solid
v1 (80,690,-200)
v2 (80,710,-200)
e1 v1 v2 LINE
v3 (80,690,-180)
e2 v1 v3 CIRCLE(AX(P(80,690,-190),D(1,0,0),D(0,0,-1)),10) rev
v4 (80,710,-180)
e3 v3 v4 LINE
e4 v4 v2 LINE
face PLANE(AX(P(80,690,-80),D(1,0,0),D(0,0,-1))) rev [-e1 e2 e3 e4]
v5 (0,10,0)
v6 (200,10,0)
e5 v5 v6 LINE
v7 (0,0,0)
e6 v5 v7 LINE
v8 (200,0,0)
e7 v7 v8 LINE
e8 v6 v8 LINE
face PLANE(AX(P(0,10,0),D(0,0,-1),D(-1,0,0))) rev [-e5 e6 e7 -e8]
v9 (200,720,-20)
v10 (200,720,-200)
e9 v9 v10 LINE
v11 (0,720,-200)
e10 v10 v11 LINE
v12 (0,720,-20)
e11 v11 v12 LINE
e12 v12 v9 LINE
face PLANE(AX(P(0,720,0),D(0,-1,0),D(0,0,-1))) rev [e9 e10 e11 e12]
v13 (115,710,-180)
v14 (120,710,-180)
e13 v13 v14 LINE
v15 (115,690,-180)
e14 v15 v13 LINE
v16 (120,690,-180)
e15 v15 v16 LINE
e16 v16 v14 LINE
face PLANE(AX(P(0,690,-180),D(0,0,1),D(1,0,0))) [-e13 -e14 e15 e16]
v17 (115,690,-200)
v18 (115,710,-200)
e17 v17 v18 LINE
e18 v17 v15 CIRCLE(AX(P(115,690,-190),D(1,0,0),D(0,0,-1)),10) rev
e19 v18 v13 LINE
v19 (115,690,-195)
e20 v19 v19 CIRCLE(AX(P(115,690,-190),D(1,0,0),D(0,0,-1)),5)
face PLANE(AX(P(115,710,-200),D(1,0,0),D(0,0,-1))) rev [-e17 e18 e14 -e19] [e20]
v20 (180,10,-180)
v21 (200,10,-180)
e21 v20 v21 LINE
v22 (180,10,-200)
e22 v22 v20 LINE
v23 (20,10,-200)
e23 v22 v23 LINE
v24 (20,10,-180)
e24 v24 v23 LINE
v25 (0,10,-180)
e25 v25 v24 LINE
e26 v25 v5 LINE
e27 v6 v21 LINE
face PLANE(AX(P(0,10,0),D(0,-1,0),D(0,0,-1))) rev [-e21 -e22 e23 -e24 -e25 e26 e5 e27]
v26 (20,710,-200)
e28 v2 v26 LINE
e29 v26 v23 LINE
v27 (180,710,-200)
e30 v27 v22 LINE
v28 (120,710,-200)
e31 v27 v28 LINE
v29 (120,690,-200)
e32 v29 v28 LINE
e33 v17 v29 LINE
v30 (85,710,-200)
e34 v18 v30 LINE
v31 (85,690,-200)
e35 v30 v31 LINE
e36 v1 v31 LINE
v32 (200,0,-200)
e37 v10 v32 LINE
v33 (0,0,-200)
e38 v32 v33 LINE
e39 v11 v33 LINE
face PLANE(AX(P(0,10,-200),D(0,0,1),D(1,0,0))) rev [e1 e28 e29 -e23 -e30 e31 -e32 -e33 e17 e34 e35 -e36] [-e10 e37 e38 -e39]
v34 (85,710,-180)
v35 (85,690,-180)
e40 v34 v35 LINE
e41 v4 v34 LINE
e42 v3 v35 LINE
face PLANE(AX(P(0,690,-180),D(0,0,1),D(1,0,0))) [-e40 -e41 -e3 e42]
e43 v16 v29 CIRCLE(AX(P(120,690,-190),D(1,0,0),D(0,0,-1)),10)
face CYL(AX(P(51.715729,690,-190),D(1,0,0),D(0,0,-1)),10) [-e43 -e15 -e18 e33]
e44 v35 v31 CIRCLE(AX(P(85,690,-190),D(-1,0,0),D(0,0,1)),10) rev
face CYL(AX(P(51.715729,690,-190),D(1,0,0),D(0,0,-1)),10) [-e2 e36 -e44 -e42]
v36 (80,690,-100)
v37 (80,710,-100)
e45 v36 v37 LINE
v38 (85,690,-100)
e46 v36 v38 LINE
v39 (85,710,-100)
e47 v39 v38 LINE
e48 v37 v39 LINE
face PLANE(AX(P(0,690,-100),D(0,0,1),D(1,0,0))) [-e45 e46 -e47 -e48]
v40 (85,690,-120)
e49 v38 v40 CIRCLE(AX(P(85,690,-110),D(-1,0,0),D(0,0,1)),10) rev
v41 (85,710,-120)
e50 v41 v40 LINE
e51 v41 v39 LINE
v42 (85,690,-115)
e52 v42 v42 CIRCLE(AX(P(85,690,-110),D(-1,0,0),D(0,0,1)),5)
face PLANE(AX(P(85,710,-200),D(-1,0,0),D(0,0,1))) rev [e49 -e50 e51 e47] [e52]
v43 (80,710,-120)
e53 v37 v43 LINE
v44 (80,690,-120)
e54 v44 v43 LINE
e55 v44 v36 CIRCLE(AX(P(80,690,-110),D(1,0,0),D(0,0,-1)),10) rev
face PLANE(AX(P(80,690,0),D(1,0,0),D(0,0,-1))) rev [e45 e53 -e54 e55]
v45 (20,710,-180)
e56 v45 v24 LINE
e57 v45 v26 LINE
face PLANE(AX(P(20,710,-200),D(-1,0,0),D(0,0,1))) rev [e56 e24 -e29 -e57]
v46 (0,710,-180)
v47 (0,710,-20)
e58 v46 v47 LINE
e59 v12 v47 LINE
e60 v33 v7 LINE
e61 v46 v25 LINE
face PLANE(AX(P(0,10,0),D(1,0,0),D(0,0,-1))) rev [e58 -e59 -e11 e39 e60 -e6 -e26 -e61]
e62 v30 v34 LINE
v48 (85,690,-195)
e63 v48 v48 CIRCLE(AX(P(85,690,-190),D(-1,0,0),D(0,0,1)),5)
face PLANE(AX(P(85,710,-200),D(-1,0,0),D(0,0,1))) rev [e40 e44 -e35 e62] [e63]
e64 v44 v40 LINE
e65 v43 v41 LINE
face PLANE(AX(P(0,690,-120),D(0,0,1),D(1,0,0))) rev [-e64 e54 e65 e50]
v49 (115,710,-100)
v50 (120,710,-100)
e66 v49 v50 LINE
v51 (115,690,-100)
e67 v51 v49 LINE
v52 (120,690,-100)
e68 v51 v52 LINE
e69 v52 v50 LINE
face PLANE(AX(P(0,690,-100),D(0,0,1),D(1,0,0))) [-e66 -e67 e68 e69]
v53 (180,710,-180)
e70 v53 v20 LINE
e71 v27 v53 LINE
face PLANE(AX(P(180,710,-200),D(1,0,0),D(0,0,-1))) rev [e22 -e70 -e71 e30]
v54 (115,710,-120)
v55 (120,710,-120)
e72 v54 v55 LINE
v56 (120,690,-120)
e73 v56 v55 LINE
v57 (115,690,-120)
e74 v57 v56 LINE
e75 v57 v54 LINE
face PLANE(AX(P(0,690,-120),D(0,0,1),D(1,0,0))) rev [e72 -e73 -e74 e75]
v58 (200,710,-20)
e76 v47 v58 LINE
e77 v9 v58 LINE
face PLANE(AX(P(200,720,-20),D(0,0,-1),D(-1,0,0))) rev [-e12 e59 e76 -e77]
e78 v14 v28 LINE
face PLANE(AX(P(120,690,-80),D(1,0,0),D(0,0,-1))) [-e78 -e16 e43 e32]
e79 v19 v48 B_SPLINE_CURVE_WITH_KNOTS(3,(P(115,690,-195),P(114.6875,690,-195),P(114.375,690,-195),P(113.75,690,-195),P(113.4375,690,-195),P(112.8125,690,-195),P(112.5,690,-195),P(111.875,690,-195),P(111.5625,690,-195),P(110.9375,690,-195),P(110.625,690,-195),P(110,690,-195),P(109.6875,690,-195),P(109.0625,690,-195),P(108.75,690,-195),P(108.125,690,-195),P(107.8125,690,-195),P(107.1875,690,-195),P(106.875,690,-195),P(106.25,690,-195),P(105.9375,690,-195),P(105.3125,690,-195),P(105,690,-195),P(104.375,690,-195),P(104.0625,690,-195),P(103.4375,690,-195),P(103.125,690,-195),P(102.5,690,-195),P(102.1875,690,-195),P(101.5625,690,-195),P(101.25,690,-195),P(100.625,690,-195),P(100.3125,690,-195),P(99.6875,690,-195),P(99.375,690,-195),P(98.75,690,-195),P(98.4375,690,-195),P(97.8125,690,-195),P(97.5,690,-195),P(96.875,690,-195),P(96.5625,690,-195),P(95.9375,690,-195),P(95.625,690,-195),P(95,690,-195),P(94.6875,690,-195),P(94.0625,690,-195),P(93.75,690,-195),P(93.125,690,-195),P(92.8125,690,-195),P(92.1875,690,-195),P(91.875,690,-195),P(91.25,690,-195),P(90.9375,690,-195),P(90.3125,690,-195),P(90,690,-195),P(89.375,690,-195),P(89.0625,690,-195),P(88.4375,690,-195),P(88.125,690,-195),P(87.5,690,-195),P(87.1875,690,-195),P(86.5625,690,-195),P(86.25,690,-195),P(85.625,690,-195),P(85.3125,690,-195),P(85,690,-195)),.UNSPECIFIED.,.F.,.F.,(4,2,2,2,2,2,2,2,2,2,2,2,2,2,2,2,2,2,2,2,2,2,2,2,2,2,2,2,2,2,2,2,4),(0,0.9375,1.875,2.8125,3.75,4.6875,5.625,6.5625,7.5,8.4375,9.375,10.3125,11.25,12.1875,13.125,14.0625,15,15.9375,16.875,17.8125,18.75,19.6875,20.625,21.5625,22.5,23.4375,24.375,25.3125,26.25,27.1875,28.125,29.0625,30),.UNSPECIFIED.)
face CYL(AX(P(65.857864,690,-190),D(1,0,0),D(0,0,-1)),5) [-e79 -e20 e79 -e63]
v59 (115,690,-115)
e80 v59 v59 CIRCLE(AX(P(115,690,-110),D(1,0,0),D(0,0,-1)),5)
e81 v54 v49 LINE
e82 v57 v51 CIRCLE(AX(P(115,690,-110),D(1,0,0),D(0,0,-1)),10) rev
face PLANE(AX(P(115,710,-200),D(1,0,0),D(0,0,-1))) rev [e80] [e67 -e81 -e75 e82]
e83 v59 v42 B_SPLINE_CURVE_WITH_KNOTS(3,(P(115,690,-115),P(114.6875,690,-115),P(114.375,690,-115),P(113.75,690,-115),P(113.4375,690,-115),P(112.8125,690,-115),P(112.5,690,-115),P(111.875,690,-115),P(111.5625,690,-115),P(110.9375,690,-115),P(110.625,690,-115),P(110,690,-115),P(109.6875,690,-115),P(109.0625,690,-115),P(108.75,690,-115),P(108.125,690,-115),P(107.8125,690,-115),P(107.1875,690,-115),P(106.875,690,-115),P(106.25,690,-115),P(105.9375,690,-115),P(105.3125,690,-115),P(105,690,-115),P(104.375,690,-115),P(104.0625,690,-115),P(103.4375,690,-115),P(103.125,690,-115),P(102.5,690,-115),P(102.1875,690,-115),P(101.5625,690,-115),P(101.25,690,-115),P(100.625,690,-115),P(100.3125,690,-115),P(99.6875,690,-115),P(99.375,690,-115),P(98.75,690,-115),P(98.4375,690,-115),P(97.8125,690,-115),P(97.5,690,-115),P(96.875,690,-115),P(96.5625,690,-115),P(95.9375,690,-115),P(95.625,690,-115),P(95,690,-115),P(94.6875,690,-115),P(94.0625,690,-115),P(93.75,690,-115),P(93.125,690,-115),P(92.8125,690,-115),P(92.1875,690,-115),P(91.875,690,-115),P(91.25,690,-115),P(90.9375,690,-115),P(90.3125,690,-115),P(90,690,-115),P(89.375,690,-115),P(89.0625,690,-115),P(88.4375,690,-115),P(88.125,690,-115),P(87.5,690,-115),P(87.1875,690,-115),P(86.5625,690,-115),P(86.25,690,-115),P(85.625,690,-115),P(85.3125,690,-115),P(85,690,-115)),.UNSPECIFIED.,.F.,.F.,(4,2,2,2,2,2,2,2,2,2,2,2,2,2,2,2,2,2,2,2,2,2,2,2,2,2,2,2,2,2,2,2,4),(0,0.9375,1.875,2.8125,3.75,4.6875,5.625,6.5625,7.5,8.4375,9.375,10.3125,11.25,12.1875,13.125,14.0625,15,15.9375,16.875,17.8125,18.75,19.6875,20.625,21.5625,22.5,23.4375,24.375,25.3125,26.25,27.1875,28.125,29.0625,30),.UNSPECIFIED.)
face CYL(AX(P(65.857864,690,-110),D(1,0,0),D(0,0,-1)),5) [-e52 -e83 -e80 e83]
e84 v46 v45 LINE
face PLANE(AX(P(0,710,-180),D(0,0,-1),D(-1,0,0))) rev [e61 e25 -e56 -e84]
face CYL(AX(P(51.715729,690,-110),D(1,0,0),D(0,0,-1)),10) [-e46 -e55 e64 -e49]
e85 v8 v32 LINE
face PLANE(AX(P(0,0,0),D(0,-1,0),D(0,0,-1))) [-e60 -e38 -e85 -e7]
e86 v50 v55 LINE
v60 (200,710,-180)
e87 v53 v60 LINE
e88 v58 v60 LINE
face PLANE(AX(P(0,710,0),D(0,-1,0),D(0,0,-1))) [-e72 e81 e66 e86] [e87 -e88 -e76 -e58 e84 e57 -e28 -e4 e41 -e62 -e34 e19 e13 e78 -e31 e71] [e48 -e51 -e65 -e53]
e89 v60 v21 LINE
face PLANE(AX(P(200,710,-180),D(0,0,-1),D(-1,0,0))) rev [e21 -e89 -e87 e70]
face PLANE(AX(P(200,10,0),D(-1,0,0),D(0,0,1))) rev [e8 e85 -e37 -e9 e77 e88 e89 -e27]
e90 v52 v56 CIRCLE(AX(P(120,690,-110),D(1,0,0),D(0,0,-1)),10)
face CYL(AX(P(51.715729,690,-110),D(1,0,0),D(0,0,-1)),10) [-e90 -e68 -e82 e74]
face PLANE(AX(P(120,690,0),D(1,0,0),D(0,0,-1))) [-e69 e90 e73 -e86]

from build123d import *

# Parameters (mm, degrees)
SKETCH2_W           = 200
SKETCH2_H           = 200
BOSS_EXTRUDE1_DEPTH = 10
SKETCH3_W           = 20
SKETCH3_H           = 20
BOSS_EXTRUDE2_DEPTH = 700
SKETCH4_W           = 200
SKETCH4_H           = 180
BOSS_EXTRUDE3_DEPTH = 10
SKETCH5_W           = 40
SKETCH5_H           = 10
BOSS_EXTRUDE4_DEPTH = 20
SKETCH7_R           = 10
BOSS_EXTRUDE7_DEPTH = 40
SKETCH10_W          = 30
SKETCH10_H          = 40.281697436
CUT_EXTRUDE2_DEPTH  = 754.923072999
SKETCH11_R          = 5
BOSS_EXTRUDE9_DEPTH = 40
LPATTERN1_COUNT     = 2
LPATTERN1_PITCH     = 80


with BuildPart() as part:
    # Sketch2 → Boss-Extrude1 (new body)
    with BuildSketch(Plane(origin=(0, 0, 0), x_dir=(1, 0, 0), z_dir=(0, 1, 0))):
        with Locations((100, 100)):
            Rectangle(SKETCH2_W, SKETCH2_H)
    extrude(amount=BOSS_EXTRUDE1_DEPTH)

    # Sketch3 → Boss-Extrude2 (add)
    with BuildSketch(Plane(origin=(0, 10, 0), x_dir=(1, 0, 0), z_dir=(0, 1, 0))):
        with Locations((190, 190)):
            Rectangle(SKETCH3_W, SKETCH3_H)
        with Locations((10, 190)):
            Rectangle(SKETCH3_W, SKETCH3_H)
    extrude(amount=BOSS_EXTRUDE2_DEPTH)

    # Sketch4 → Boss-Extrude3 (add)
    with BuildSketch(Plane(origin=(0, 710, 0), x_dir=(1, 0, 0), z_dir=(0, 1, 0))):
        with Locations((100, 110)):
            Rectangle(SKETCH4_W, SKETCH4_H)
    extrude(amount=BOSS_EXTRUDE3_DEPTH)

    # Sketch5 → Boss-Extrude4 (add)
    with BuildSketch(Plane.XZ.offset(-710)):
        with Locations((100, -105)):
            Rectangle(SKETCH5_W, SKETCH5_H)
        with Locations((100, -115)):
            Rectangle(SKETCH5_W, SKETCH5_H)
    boss_extrude4 = extrude(amount=BOSS_EXTRUDE4_DEPTH)

    # Sketch7 → Boss-Extrude7 (add)
    with BuildSketch(Plane(origin=(120, 0, 0), x_dir=(0, 0, -1), z_dir=(1, 0, 0))):
        with Locations((110, 690)):
            Circle(SKETCH7_R)
    boss_extrude7 = extrude(amount=-BOSS_EXTRUDE7_DEPTH)

    # Sketch10 → Cut-Extrude2 (cut, through all)
    with BuildSketch(Plane.XY.offset(-100)):
        with Locations((100, 689.859151282)):
            Rectangle(SKETCH10_W, SKETCH10_H)
    cut_extrude2 = extrude(amount=-CUT_EXTRUDE2_DEPTH, mode=Mode.SUBTRACT)

    # Sketch11 → Boss-Extrude9 (add)
    with BuildSketch(Plane(origin=(120, 0, 0), x_dir=(0, 0, -1), z_dir=(1, 0, 0))):
        with Locations((110, 690)):
            Circle(SKETCH11_R)
    boss_extrude9 = extrude(amount=-BOSS_EXTRUDE9_DEPTH)

    # LPattern1: Boss-Extrude4, Boss-Extrude7, Cut-Extrude2, Boss-Extrude9 ×2
    with Locations(*[(0, 0, -i * LPATTERN1_PITCH) for i in range(1, LPATTERN1_COUNT)]):
        add(boss_extrude4)
        add(boss_extrude7)
        add(cut_extrude2, mode=Mode.SUBTRACT)
        add(boss_extrude9)


solid = part.part
